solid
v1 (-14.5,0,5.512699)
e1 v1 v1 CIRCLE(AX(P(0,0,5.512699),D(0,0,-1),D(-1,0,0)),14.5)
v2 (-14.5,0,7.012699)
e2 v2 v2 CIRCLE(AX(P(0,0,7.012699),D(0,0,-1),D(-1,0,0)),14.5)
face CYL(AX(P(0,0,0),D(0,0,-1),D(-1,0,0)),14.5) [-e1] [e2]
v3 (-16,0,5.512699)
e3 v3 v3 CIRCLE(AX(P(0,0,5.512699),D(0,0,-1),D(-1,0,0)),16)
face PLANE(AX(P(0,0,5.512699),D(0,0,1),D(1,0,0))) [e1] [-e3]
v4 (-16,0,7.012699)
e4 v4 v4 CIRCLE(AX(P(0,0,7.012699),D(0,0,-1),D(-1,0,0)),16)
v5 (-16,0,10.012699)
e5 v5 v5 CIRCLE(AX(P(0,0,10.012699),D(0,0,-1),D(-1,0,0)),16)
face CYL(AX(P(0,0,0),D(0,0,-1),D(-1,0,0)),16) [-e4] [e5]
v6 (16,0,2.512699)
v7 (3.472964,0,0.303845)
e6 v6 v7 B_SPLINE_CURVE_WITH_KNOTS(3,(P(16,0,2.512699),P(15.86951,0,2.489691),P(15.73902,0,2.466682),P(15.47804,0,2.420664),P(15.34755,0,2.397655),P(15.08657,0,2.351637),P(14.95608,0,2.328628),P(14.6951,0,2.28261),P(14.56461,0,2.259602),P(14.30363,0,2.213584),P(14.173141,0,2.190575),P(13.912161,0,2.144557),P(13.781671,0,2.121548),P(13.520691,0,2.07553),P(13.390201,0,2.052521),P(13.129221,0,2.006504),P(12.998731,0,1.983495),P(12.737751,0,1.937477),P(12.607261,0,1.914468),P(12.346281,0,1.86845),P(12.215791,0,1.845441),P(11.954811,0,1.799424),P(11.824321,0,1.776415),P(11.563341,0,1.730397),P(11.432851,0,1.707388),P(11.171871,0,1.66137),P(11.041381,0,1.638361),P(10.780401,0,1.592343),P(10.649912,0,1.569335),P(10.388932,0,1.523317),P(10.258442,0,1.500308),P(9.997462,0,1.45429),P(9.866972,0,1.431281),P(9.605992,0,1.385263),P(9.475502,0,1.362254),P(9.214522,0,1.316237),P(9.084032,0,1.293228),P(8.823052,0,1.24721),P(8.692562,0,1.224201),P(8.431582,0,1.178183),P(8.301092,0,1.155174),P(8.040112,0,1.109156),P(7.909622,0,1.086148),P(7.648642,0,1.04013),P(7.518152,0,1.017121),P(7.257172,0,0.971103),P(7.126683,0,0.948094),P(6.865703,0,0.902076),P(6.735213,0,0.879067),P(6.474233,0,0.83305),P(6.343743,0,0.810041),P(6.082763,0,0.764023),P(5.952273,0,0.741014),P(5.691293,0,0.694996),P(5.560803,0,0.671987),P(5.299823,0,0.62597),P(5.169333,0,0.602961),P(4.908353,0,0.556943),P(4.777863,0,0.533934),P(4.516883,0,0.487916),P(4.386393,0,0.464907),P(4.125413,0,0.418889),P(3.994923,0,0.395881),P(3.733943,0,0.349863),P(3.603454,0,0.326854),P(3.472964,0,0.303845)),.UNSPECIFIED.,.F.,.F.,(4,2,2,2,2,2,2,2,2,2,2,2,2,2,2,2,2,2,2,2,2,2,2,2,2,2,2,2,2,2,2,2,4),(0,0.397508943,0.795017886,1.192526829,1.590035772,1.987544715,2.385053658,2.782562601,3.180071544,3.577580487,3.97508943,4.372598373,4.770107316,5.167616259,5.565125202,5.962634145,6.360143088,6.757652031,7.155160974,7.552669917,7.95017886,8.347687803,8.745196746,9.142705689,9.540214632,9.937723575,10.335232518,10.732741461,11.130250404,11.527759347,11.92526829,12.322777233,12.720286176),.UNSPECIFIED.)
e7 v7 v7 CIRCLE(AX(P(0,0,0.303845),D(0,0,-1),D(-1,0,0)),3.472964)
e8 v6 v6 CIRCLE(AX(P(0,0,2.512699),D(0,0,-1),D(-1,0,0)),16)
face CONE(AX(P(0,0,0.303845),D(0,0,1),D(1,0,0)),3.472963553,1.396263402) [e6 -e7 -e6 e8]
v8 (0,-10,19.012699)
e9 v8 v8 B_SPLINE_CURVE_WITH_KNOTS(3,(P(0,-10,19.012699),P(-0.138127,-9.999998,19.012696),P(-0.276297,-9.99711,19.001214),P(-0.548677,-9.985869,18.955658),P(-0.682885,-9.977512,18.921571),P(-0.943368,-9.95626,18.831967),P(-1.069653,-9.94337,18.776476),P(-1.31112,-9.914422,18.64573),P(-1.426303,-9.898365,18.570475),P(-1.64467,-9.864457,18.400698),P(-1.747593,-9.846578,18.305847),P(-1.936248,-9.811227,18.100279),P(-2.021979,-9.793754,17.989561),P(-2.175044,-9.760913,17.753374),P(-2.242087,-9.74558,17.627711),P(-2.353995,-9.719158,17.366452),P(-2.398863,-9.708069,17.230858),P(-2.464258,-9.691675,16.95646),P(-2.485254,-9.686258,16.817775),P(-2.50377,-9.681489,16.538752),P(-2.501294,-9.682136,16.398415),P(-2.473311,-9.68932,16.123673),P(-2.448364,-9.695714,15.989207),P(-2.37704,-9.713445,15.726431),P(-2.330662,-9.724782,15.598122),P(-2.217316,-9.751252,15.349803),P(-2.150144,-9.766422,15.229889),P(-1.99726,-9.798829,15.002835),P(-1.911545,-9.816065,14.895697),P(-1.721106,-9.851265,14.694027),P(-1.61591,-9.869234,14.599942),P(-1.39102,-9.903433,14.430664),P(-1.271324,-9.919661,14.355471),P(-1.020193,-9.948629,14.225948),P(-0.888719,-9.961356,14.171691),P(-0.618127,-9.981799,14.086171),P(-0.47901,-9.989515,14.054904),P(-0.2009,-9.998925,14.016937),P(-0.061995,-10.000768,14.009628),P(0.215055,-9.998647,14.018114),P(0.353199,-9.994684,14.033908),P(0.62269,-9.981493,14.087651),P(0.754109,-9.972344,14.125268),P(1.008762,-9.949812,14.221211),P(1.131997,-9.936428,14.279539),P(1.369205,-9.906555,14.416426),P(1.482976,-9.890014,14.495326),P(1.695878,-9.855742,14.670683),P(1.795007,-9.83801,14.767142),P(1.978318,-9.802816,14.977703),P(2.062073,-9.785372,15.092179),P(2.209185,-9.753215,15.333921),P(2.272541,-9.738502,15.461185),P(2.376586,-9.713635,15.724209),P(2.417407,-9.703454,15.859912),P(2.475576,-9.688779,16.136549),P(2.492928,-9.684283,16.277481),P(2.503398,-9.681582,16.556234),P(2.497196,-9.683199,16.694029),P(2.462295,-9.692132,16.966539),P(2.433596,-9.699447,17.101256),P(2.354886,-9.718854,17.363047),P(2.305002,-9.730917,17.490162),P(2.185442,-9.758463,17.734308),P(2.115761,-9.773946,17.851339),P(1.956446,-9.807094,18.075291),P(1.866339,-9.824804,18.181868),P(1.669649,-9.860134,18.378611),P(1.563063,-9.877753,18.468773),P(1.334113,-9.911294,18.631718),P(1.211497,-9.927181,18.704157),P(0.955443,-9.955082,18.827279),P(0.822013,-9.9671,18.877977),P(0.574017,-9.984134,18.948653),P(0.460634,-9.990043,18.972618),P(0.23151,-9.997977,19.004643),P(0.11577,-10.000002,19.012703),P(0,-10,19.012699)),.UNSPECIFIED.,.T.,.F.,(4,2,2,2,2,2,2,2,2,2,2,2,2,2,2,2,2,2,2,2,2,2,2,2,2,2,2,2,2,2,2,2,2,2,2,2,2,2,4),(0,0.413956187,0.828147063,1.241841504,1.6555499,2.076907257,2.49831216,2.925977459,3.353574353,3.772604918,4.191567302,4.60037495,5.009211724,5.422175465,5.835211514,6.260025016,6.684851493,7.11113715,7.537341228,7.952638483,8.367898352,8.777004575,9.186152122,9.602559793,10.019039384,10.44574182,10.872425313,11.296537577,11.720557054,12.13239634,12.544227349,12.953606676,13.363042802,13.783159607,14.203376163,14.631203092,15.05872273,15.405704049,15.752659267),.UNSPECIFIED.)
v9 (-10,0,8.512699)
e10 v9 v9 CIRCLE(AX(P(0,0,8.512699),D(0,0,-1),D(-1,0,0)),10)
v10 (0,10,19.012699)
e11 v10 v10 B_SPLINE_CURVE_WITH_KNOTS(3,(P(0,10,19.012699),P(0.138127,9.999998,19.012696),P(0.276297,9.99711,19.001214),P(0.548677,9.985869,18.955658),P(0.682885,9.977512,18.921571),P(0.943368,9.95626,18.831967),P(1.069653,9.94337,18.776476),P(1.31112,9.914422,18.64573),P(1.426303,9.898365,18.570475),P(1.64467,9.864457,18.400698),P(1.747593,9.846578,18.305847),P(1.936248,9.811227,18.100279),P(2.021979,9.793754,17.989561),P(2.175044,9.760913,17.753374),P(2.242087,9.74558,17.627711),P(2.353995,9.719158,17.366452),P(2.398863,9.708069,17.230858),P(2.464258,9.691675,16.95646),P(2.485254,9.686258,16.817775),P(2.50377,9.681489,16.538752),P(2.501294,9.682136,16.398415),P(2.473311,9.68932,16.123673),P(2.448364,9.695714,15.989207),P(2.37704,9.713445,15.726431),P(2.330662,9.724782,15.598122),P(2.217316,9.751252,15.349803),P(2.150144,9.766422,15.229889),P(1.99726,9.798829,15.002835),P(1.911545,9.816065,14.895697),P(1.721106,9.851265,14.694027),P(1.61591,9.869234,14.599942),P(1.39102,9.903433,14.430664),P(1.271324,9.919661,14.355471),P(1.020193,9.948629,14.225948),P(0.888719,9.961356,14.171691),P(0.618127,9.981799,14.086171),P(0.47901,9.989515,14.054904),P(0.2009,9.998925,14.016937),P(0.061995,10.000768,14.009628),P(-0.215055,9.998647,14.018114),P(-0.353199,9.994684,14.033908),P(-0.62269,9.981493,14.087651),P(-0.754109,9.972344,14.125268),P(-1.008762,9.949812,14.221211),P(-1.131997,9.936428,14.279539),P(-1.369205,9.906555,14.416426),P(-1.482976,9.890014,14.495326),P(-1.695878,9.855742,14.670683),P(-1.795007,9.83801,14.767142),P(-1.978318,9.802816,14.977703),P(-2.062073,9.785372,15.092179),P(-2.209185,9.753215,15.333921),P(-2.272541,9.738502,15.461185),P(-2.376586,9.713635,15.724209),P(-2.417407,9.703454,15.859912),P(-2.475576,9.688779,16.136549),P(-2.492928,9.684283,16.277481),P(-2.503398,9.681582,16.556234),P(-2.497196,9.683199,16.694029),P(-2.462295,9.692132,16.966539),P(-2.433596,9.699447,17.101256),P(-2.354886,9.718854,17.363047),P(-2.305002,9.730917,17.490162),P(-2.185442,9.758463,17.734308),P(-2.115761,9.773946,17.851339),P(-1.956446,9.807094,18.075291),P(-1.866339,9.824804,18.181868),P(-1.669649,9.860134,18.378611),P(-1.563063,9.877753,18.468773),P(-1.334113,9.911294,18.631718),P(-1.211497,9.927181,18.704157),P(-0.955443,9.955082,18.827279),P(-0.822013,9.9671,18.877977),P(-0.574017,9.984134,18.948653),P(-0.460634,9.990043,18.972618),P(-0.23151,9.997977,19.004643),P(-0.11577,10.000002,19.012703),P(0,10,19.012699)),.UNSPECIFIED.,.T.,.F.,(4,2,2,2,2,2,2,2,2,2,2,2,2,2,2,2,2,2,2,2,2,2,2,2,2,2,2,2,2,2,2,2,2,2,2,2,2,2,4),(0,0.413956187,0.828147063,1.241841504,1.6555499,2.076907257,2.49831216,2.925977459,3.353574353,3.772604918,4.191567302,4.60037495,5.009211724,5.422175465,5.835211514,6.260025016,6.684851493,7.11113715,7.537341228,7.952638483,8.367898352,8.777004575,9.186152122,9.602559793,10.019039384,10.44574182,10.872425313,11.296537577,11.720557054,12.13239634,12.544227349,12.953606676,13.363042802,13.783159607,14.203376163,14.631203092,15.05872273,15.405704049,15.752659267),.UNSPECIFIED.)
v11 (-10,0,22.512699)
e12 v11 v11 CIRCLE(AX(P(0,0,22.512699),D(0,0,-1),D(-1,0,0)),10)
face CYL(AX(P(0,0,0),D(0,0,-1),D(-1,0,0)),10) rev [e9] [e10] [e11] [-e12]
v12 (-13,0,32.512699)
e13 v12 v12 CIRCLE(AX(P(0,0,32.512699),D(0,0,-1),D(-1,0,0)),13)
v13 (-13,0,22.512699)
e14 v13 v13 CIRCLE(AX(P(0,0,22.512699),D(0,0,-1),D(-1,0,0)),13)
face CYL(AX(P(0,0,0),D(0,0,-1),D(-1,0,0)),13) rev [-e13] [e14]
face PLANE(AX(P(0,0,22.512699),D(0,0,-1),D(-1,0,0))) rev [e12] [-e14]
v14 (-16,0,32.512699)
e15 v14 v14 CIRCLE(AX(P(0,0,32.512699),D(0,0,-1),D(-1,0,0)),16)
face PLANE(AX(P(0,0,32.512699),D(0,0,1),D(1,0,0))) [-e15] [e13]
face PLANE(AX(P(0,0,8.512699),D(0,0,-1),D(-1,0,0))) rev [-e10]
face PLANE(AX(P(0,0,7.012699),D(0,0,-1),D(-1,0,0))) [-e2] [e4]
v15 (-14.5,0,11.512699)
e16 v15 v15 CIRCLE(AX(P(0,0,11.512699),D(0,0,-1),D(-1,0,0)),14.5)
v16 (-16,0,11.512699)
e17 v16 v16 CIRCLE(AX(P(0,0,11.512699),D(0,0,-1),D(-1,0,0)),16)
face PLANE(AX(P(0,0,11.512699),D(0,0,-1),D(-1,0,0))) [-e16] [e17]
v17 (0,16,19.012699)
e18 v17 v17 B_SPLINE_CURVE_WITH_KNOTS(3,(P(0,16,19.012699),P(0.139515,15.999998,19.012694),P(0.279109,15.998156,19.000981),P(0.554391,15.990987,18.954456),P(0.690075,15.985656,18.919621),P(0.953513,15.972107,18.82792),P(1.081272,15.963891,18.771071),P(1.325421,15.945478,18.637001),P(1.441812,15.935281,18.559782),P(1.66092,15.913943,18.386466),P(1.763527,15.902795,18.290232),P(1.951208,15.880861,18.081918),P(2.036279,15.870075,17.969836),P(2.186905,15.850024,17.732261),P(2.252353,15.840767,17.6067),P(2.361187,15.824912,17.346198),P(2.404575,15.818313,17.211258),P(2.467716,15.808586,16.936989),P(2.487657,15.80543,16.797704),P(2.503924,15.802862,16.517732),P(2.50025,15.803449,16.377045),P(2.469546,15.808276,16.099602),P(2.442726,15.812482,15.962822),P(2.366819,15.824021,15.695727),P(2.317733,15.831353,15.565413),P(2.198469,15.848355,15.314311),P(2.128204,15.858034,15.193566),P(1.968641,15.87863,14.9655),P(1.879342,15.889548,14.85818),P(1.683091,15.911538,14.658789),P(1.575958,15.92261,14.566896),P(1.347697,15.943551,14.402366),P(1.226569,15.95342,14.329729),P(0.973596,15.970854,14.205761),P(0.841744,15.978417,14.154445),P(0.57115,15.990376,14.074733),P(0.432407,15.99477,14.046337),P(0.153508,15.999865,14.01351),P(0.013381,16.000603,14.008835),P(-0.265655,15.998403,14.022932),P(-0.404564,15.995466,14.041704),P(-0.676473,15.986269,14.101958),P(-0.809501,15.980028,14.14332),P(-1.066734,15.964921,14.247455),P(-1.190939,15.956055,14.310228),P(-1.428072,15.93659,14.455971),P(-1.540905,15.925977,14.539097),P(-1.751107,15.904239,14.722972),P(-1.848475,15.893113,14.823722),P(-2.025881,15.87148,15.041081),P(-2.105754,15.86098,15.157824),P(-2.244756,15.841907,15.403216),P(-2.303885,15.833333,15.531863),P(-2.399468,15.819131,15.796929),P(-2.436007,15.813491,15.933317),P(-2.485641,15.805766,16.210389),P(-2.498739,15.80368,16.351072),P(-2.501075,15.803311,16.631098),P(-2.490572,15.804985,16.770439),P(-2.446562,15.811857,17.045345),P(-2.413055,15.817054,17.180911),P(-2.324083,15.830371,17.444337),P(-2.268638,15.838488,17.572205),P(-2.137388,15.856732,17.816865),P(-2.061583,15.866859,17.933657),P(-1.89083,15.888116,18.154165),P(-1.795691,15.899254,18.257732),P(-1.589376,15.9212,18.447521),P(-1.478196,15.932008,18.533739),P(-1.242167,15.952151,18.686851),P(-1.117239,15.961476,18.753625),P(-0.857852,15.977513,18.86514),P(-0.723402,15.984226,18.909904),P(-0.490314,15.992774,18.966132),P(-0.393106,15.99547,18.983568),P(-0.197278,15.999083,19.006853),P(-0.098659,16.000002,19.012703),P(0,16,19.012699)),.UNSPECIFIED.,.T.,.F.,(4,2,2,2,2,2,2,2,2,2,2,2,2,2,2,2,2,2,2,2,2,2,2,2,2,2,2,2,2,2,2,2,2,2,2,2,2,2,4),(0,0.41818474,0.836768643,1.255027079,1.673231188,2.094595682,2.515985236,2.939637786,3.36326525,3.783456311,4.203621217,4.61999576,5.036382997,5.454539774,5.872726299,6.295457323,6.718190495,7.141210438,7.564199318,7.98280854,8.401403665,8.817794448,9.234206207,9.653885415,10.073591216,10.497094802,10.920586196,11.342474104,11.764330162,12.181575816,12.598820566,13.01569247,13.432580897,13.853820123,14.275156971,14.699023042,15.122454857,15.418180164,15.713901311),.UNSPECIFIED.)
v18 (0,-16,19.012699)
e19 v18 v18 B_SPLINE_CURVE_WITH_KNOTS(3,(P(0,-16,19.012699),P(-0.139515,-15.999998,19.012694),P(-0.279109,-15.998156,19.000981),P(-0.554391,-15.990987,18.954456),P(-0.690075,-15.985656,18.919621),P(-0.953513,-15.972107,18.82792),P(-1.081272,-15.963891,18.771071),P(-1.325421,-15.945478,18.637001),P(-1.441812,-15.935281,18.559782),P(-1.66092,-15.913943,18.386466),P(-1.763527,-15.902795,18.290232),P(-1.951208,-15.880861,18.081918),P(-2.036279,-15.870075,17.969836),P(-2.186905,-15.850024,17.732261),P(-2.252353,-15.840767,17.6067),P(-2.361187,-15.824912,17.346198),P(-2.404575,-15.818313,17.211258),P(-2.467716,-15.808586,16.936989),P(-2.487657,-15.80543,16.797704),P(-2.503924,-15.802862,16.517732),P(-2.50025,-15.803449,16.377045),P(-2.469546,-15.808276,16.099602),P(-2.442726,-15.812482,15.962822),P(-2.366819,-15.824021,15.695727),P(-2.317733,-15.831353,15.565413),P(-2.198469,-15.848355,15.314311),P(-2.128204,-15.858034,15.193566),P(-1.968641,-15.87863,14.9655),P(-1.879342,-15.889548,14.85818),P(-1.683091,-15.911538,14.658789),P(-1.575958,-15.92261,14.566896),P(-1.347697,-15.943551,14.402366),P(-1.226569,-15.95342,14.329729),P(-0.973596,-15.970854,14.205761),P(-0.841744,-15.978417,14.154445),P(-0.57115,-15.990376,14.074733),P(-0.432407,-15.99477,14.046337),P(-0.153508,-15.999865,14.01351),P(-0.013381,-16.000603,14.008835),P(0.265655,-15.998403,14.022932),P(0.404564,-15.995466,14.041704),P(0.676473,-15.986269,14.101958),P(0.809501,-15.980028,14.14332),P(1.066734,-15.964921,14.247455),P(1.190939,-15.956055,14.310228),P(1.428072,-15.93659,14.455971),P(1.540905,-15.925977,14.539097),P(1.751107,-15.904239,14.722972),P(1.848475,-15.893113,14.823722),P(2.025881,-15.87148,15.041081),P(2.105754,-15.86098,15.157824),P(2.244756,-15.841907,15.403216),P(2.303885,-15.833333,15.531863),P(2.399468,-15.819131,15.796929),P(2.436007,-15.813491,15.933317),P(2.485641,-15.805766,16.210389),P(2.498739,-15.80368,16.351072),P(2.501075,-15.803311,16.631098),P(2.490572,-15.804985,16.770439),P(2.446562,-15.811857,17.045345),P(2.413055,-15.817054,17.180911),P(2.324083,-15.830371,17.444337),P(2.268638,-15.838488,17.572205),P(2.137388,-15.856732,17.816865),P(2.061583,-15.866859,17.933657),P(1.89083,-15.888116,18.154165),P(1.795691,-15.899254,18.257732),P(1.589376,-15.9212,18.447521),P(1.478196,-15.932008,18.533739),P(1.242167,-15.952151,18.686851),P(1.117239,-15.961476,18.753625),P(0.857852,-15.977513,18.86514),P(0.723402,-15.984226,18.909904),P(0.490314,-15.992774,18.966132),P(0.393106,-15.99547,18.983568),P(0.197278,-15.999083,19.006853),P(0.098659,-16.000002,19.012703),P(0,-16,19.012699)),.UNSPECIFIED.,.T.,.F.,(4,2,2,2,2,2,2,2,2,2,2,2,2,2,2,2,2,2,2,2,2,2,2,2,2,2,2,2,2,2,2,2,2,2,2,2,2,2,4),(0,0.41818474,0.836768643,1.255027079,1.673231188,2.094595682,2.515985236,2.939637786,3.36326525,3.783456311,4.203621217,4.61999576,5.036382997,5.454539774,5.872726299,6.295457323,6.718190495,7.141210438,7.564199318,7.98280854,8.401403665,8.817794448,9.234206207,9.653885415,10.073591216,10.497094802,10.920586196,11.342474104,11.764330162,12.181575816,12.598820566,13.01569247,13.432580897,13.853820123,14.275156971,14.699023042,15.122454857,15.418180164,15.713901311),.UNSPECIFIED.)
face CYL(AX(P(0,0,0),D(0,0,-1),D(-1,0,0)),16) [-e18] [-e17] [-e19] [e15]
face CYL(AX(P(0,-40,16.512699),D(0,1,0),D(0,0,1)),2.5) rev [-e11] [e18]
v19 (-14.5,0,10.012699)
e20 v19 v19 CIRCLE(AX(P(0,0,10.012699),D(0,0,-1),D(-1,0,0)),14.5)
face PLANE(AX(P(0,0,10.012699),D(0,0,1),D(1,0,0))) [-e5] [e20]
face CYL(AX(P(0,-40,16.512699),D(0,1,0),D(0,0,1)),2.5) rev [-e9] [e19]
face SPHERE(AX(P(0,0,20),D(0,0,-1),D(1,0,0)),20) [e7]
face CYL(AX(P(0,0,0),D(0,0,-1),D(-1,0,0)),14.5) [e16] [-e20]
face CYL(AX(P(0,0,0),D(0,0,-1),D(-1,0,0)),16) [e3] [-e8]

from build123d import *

# Parameters (mm, degrees)
SKETCH3_R          = 2.5
CUT_EXTRUDE1_DEPTH = 40


with BuildPart() as part:
    # Sketch1 → Revolve1 (revolve)
    with BuildSketch(Plane(origin=(0, 0, 0), x_dir=(1, 0, 0), z_dir=(0, 1, 0)), mode=Mode.PRIVATE) as revolve1_sk:
        with BuildLine():
            Line((16, -2.512699454), (3.472963553, -0.30384494))
            ThreePointArc((3.472963553, -0.30384494), (1.743114855, -0.076106038), (0, 0))
            Line((0, 0), (0, -8.512699454))
            Line((0, -8.512699454), (10, -8.512699454))
            Line((10, -8.512699454), (10, -22.512699454))
            Line((10, -22.512699454), (13, -22.512699454))
            Line((13, -22.512699454), (13, -32.512699454))
            Line((13, -32.512699454), (16, -32.512699454))
            Line((16, -32.512699454), (16, -11.512699454))
            Line((16, -11.512699454), (14.5, -11.512699454))
            Line((14.5, -11.512699454), (14.5, -10.012699454))
            Line((14.5, -10.012699454), (16, -10.012699454))
            Line((16, -10.012699454), (16, -7.012699454))
            Line((16, -7.012699454), (14.5, -7.012699454))
            Line((14.5, -7.012699454), (14.5, -5.512699454))
            Line((14.5, -5.512699454), (16, -5.512699454))
            Line((16, -5.512699454), (16, -2.512699454))
        make_face()
    revolve(revolve1_sk.sketch.rotate(Axis((0, 0, 0), (0, 0, 1)), 180), axis=Axis((0, 0, 0), (0, 0, 1)))

    # Sketch3 → Cut-Extrude1 (cut, symmetric)
    with BuildSketch(Plane(origin=(0, 0, 0), x_dir=(0, 0, -1), z_dir=(0, 1, 0))):
        with Locations(Location((-16.512699454, 0, 0), (0, 0, 180))):
            Circle(SKETCH3_R)
    extrude(amount=CUT_EXTRUDE1_DEPTH, both=True, mode=Mode.SUBTRACT)


solid = part.part
